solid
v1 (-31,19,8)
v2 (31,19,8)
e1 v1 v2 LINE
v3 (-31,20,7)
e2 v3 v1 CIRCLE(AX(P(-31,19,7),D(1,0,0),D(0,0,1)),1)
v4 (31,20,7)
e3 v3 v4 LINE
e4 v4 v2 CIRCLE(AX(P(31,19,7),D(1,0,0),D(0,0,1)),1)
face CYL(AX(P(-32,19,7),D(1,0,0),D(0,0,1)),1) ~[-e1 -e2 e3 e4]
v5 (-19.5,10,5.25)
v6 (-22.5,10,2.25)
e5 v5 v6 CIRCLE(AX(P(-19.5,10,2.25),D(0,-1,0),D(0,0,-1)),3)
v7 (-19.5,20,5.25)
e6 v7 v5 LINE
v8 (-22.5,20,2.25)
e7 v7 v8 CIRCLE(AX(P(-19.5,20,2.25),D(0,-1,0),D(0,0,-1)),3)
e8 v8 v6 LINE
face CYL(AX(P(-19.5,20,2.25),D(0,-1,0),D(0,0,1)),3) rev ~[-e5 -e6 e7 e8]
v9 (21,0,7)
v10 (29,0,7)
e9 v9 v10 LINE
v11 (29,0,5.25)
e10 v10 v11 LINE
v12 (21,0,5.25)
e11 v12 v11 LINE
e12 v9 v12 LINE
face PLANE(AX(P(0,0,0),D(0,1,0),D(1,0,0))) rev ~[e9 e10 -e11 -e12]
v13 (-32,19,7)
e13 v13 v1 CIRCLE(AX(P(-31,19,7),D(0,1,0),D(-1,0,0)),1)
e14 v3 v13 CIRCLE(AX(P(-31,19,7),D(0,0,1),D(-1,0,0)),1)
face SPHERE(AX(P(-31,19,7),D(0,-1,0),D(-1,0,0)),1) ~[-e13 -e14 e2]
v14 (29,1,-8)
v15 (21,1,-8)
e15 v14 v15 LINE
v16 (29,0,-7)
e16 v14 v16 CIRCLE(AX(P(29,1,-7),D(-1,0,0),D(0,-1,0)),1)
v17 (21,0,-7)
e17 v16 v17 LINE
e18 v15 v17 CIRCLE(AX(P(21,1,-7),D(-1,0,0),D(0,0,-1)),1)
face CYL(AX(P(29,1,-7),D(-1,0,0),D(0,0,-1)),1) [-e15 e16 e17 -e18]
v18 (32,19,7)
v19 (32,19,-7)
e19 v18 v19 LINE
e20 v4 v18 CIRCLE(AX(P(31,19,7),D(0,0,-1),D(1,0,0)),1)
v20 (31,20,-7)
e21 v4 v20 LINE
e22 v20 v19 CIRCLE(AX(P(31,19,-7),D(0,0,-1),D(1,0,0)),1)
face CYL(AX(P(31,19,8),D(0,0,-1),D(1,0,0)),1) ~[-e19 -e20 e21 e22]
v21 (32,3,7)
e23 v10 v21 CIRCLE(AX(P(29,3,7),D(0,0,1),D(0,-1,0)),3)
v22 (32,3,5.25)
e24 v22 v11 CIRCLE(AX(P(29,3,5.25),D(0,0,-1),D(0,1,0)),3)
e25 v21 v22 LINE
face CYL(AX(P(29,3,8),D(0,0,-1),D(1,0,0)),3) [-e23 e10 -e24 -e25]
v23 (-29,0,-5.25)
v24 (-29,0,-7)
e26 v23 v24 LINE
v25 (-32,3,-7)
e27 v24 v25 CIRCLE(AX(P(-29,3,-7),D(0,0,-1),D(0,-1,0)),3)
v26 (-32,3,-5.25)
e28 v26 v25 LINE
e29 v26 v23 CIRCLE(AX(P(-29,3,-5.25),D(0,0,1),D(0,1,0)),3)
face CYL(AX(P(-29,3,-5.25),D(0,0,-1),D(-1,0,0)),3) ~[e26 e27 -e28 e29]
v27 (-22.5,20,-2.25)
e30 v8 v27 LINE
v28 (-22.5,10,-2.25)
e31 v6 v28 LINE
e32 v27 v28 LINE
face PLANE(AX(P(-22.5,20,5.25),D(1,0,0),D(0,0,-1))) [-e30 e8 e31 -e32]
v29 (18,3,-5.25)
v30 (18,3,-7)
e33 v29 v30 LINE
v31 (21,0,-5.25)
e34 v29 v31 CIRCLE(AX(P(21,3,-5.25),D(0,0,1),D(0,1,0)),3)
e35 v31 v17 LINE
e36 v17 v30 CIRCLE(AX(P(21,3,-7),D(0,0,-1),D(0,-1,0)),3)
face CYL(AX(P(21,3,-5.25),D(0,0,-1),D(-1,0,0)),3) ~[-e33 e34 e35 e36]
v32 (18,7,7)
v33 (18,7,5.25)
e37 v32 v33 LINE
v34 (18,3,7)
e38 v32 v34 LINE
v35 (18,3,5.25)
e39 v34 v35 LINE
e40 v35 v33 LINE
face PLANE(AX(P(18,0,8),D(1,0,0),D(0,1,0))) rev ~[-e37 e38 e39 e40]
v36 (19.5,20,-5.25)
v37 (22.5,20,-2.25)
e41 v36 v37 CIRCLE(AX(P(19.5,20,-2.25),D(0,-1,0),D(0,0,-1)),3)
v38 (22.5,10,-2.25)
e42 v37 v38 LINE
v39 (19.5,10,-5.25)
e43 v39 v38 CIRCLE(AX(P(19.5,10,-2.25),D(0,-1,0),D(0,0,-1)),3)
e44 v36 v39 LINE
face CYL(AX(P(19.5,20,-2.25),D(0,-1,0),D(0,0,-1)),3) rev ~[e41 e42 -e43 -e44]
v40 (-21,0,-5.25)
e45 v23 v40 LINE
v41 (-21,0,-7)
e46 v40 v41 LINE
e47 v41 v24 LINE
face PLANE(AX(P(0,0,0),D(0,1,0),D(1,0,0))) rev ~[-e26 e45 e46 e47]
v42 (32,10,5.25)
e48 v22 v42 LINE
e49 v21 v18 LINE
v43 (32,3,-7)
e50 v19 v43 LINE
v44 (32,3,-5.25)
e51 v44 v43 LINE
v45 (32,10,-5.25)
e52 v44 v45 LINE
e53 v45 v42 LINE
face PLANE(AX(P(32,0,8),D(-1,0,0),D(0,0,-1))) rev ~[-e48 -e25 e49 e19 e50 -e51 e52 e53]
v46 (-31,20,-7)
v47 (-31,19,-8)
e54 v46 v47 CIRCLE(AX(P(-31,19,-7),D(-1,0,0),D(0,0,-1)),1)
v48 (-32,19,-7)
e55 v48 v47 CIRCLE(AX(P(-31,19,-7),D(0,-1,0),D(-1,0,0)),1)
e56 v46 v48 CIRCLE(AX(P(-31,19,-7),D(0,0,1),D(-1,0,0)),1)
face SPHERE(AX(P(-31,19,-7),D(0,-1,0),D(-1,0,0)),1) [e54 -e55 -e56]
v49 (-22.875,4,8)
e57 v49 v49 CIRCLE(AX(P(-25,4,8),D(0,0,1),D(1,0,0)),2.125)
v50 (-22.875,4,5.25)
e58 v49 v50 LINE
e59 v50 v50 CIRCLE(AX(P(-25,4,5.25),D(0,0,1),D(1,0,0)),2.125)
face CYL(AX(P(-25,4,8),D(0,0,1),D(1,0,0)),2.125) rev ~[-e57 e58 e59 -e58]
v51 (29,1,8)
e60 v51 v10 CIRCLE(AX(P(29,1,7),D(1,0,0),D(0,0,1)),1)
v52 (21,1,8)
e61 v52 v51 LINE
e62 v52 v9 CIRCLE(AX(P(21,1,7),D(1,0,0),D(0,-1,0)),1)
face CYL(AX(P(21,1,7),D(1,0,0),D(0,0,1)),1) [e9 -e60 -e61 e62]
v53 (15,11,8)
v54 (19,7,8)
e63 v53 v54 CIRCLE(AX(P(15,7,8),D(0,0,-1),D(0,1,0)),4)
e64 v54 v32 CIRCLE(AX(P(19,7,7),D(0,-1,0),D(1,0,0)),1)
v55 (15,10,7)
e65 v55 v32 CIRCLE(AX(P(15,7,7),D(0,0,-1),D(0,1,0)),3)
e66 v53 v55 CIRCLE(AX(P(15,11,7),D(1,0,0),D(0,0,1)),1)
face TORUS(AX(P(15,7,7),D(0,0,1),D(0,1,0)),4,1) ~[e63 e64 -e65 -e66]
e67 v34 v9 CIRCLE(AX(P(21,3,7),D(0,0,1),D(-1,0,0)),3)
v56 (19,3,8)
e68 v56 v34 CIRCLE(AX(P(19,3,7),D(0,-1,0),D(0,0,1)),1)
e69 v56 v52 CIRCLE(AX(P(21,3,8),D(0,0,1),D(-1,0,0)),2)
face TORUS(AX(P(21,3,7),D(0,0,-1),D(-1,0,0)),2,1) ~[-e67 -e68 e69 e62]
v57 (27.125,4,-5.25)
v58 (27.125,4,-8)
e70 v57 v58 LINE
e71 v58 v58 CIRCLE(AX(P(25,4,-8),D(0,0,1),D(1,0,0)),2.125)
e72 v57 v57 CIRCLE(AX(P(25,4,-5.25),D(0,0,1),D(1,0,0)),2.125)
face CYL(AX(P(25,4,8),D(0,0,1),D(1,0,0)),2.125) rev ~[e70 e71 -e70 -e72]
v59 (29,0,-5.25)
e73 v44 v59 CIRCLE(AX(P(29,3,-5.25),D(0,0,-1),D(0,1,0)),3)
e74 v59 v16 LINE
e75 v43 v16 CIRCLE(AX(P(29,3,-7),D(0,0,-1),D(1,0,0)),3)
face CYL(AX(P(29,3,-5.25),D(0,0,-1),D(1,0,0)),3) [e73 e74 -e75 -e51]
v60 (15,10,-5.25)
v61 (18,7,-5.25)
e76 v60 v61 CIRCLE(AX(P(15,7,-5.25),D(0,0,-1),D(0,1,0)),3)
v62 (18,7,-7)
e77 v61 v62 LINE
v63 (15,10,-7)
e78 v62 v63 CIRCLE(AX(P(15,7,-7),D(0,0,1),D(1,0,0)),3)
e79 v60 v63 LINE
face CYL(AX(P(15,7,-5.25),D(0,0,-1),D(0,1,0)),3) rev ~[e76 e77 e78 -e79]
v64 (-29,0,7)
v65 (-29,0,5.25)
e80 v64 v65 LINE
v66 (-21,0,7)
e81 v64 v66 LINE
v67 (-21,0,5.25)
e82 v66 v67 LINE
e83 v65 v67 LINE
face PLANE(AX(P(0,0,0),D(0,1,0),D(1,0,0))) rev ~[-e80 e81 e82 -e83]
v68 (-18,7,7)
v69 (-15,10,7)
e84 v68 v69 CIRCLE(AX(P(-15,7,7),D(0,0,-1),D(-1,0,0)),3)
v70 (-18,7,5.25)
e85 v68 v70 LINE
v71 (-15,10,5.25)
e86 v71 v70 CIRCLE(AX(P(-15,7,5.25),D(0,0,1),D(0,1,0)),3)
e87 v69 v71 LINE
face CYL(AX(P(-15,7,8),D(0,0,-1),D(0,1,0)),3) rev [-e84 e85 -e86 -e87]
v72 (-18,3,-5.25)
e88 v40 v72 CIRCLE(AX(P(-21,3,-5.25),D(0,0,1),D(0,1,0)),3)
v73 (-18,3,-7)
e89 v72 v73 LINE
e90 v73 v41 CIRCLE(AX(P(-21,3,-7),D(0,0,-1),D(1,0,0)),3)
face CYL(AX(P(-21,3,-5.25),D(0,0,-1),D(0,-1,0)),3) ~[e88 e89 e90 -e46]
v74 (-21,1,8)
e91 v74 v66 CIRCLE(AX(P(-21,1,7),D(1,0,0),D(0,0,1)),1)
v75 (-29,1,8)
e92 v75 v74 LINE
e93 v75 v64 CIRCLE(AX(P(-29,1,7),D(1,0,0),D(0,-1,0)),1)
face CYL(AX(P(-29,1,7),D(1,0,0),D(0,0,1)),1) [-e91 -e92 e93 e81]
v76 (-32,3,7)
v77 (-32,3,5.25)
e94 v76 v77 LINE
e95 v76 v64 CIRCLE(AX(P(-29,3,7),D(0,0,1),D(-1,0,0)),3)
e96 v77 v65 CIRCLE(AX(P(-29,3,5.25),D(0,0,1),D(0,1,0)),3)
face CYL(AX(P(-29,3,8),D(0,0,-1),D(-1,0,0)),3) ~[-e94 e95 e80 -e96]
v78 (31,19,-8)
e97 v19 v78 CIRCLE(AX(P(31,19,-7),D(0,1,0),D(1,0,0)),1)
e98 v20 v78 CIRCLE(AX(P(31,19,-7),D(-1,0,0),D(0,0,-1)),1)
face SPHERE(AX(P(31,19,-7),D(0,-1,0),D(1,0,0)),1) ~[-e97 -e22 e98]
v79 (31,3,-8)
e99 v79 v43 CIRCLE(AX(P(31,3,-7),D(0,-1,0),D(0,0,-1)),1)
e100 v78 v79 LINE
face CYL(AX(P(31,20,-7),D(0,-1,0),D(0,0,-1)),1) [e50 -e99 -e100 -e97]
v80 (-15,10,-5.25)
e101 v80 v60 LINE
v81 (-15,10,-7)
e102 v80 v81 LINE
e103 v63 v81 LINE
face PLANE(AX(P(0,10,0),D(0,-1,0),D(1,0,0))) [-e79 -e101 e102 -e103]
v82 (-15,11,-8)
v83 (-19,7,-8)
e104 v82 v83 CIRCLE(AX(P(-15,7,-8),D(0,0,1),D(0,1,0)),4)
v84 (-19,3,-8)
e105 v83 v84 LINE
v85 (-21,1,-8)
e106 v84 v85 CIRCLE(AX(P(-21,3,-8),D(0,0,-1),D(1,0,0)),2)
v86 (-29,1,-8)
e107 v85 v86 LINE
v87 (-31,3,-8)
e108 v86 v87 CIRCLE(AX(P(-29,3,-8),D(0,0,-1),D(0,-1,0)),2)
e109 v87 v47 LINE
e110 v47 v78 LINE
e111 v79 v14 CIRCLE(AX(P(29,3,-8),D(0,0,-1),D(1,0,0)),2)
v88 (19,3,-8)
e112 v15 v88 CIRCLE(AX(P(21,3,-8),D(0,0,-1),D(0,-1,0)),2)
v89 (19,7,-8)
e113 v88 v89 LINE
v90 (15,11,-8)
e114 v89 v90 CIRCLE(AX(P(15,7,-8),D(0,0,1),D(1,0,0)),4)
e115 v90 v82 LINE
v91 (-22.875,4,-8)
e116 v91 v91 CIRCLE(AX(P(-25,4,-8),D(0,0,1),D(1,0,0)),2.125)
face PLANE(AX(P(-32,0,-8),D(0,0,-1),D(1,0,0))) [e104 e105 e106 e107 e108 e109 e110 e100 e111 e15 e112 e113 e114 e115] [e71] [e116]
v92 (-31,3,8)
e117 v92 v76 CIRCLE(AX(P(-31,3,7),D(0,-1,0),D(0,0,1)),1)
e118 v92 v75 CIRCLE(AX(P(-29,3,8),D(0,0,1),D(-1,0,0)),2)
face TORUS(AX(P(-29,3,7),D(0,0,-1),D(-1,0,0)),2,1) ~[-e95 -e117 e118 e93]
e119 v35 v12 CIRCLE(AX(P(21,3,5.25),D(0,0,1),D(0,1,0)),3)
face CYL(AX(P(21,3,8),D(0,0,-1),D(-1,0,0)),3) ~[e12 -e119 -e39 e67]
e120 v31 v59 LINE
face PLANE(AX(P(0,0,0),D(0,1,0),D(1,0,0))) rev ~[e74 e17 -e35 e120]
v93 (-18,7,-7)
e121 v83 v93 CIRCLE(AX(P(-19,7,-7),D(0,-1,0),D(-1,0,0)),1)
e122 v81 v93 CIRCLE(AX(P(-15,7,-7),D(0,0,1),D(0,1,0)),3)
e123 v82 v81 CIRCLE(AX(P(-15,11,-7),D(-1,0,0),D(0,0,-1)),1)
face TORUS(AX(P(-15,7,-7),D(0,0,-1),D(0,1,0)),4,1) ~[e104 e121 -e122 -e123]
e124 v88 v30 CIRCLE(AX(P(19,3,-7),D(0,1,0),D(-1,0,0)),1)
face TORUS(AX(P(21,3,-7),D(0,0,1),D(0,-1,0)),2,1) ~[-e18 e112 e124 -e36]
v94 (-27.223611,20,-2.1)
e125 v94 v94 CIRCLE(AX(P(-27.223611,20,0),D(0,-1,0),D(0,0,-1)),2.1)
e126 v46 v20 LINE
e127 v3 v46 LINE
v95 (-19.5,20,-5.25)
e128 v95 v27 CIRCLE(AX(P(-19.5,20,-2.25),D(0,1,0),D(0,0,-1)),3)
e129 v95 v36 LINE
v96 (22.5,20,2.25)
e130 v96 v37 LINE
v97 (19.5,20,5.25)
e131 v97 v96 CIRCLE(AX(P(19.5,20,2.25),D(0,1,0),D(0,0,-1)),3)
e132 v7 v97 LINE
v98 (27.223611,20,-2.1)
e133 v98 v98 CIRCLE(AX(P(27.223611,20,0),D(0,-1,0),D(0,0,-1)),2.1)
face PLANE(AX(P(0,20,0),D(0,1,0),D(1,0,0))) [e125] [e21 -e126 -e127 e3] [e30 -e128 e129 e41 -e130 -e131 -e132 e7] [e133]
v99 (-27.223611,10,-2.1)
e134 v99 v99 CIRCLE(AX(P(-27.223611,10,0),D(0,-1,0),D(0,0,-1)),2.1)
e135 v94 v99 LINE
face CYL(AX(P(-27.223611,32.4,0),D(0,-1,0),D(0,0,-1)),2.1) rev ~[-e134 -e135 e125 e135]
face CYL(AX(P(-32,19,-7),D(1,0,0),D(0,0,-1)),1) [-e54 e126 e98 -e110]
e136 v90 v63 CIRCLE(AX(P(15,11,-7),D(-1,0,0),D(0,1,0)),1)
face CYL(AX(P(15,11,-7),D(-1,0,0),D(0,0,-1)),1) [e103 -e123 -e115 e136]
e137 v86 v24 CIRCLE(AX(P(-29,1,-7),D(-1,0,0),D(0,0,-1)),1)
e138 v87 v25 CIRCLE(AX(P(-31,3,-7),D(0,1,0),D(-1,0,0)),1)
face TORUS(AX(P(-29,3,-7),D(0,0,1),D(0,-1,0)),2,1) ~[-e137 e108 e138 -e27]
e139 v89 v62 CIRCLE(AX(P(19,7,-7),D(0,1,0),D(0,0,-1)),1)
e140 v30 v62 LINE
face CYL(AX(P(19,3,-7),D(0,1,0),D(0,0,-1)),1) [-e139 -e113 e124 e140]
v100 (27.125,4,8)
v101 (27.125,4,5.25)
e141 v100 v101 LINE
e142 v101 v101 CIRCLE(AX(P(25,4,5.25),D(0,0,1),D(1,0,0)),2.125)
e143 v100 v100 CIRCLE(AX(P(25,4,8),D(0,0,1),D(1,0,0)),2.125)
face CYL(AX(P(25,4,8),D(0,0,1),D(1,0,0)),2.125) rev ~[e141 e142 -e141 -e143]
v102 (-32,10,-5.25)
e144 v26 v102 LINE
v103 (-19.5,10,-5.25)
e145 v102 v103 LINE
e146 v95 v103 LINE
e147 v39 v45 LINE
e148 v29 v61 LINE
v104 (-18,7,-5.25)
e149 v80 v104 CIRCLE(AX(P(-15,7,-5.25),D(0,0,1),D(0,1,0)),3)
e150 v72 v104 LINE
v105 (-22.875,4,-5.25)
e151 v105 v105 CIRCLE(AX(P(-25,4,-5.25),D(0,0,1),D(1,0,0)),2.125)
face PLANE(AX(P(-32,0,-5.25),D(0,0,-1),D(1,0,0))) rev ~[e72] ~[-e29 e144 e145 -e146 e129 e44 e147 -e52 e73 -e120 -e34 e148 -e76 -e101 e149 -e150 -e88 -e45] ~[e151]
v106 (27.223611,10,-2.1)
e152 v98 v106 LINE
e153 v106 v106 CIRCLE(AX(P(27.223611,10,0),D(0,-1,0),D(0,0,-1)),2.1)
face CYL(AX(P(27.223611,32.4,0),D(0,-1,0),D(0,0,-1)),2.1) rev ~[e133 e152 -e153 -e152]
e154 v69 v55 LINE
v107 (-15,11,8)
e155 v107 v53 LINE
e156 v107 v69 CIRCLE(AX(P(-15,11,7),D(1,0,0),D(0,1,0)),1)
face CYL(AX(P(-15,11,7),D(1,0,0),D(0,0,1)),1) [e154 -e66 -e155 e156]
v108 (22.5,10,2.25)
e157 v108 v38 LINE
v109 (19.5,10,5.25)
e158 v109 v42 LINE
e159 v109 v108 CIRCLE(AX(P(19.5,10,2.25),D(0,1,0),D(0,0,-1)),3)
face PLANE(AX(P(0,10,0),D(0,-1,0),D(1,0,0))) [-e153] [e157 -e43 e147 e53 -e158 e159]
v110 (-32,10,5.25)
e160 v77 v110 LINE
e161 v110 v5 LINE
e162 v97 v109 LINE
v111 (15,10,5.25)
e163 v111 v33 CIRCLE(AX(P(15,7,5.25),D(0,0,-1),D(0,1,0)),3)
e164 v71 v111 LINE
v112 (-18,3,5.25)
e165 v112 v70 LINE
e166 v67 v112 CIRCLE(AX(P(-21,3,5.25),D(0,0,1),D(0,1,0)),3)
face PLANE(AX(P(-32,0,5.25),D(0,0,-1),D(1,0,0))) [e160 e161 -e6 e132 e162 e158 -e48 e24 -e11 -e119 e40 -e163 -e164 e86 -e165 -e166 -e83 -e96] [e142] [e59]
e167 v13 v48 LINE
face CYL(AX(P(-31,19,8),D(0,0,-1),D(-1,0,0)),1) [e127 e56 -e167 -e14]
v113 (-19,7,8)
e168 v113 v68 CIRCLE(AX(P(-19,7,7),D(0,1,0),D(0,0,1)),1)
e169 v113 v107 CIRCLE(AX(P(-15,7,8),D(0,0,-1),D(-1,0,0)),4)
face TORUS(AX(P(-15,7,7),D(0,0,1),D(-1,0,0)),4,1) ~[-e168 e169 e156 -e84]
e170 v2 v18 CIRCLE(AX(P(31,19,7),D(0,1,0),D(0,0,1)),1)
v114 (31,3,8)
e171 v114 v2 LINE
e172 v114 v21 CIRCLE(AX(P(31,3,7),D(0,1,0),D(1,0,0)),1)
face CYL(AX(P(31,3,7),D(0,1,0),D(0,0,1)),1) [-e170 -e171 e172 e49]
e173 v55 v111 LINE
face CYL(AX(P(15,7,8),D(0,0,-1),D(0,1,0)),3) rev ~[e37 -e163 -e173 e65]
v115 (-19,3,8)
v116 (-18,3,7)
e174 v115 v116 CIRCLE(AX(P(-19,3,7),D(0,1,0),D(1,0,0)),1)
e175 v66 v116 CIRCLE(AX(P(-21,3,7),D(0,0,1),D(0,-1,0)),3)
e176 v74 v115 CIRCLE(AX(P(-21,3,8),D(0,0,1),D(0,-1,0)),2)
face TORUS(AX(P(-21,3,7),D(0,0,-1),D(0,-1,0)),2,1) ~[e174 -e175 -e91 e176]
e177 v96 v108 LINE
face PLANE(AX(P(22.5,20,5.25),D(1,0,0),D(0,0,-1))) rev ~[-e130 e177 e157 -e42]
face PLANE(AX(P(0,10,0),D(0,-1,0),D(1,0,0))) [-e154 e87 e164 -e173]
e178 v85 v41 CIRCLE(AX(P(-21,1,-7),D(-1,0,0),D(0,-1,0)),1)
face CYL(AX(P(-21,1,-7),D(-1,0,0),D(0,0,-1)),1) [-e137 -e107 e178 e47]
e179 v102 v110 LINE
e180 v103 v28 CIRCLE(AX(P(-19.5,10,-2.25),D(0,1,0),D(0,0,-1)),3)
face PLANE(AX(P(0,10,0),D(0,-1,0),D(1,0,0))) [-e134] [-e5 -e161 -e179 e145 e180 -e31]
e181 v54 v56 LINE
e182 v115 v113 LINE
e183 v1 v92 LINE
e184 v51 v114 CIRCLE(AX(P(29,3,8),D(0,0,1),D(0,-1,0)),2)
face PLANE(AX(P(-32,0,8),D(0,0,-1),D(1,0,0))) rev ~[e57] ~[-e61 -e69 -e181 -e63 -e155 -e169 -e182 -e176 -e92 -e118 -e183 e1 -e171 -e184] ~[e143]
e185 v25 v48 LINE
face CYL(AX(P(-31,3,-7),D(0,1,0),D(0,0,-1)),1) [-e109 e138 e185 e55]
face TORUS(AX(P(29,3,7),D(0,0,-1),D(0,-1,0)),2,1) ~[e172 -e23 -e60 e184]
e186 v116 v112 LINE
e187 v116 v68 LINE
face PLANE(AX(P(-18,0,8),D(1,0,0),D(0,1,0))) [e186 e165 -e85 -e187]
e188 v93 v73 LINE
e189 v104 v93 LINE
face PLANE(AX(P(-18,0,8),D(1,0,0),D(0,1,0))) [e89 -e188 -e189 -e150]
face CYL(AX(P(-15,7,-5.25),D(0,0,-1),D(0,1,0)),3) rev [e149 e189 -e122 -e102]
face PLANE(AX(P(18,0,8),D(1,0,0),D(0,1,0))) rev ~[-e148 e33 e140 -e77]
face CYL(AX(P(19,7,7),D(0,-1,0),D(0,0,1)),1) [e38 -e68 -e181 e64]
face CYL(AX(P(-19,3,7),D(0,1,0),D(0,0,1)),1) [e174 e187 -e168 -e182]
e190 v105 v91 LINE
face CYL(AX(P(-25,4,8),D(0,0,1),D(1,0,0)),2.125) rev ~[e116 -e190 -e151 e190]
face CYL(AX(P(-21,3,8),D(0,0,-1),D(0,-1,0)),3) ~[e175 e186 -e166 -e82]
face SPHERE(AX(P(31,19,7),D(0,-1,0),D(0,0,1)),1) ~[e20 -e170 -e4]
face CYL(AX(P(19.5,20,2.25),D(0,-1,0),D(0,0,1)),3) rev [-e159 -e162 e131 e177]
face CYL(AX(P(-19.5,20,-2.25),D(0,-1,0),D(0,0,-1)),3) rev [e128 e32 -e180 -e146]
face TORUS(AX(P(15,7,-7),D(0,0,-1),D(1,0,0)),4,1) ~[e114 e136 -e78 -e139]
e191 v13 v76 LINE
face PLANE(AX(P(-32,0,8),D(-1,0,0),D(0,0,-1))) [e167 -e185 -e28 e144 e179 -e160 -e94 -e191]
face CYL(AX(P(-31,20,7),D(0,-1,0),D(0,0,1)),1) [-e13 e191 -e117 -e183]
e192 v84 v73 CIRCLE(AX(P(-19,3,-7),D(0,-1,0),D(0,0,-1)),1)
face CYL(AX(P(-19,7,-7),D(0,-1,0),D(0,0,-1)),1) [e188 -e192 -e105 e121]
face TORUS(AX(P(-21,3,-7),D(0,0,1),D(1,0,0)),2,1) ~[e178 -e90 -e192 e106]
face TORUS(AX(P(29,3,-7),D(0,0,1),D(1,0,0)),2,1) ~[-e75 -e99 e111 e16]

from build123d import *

# Parameters (mm, degrees)
SKETCH_1_W             = 64
SKETCH_1_H             = 16
EXTRUDE_1_DEPTH        = 20
SKETCH_3_R             = 2.125
CUT_EXTRUDE_1_DEPTH    = 28
SKETCH_4_W             = 36
SKETCH_4_H             = 10
CUT_EXTRUDE_2_DEPTH    = 20
SKETCH_5_W             = 64
SKETCH_5_H             = 10.5
CUT_EXTRUDE_3_DEPTH    = 10
HOLE_WIZARD_M5_1_D     = 4.2
HOLE_WIZARD_M5_1_DEPTH = 12.4
HOLE_WIZARD_M5_1_TIP   = 1.2618073
FILLET_1_R             = 3
FILLET_2_R             = 3
SKETCH_7_W             = 45
SKETCH_7_H             = 10.5
CUT_EXTRUDE_4_DEPTH    = 10
FILLET_3_R             = 3
FILLET_4_R             = 1


with BuildPart() as part:
    # 草图1 → 凸台-拉伸1 (new body)
    with BuildSketch(Plane(origin=(0, 0, 0), x_dir=(1, 0, 0), z_dir=(0, 1, 0))):
        Rectangle(SKETCH_1_W, SKETCH_1_H)
    extrude(amount=EXTRUDE_1_DEPTH)

    # 草图3 → 切除-拉伸1 (cut)
    with BuildSketch(Plane.XY.offset(8)):
        with Locations((-25, 4)):
            Circle(SKETCH_3_R)
        with Locations((25, 4)):
            Circle(SKETCH_3_R)
    extrude(amount=-CUT_EXTRUDE_1_DEPTH, mode=Mode.SUBTRACT)

    # 草图4 → 切除-拉伸2 (cut)
    with BuildSketch(Plane.XY.offset(8)):
        with Locations((0, 5)):
            Rectangle(SKETCH_4_W, SKETCH_4_H)
    extrude(amount=-CUT_EXTRUDE_2_DEPTH, mode=Mode.SUBTRACT)

    # 草图5 → 切除-拉伸3 (cut)
    with BuildSketch(Plane.XZ):
        Rectangle(SKETCH_5_W, SKETCH_5_H)
    extrude(amount=-CUT_EXTRUDE_3_DEPTH, mode=Mode.SUBTRACT)

    # M5 螺纹孔1
    with Locations(Plane(origin=(27.223611076, 20, 0), x_dir=(0, 0, 1), z_dir=(0, 1, 0))):
        with Locations((0, 0), (0, -54.447222152)):
            Hole(HOLE_WIZARD_M5_1_D / 2, depth=HOLE_WIZARD_M5_1_DEPTH)
            with Locations((0, 0, -(HOLE_WIZARD_M5_1_DEPTH + HOLE_WIZARD_M5_1_TIP / 2))):  # 118° drill point
                Cone(0, HOLE_WIZARD_M5_1_D / 2, HOLE_WIZARD_M5_1_TIP, mode=Mode.SUBTRACT)

    # 圆角1
    fillet_1_edges = [part.edges().sort_by_distance(p)[0] for p in [
        (-18, 0, -6.625),
        (18, 0, 6.625),
        (-18, 0, 6.625),
        (18, 0, -6.625),
        (-32, 0, 6.625),
        (-32, 0, -6.625),
        (32, 0, -6.625),
        (32, 0, 6.625),
    ]]
    fillet(fillet_1_edges, radius=FILLET_1_R)

    # 圆角2
    fillet_2_edges = [part.edges().sort_by_distance(p)[0] for p in [
        (-18, 10, -6.625),
        (18, 10, -6.625),
        (-18, 10, 6.625),
        (18, 10, 6.625),
    ]]
    fillet(fillet_2_edges, radius=FILLET_2_R)

    # 草图7 → 切除-拉伸4 (cut)
    with BuildSketch(Plane(origin=(0, 20, 0), x_dir=(1, 0, 0), z_dir=(0, 1, 0))):
        Rectangle(SKETCH_7_W, SKETCH_7_H)
    extrude(amount=-CUT_EXTRUDE_4_DEPTH, mode=Mode.SUBTRACT)

    # 圆角3
    fillet_3_edges = [part.edges().sort_by_distance(p)[0] for p in [
        (22.5, 15, -5.25),
        (22.5, 15, 5.25),
        (-22.5, 15, 5.25),
        (-22.5, 15, -5.25),
    ]]
    fillet(fillet_3_edges, radius=FILLET_3_R)

    # 圆角4
    fillet_4_edges = [part.edges().sort_by_distance(p)[0] for p in [
        (31.121320344, 0.878679656, -8),
        (25, 0, 8),
        (18, 5, 8),
        (-25, 0, 8),
        (-18.878679656, 0.878679656, 8),
        (-31.121320344, 0.878679656, 8),
        (18.878679656, 0.878679656, 8),
        (31.121320344, 0.878679656, 8),
        (-32, 20, 0),
        (0, 10, -8),
        (0, 10, 8),
        (-18, 5, -8),
        (-18, 5, 8),
        (17.121320344, 9.121320344, -8),
        (17.121320344, 9.121320344, 8),
        (-17.121320344, 9.121320344, -8),
        (-17.121320344, 9.121320344, 8),
        (0, 20, 8),
        (32, 20, 0),
        (32, 11.5, 8),
        (-32, 11.5, 8),
        (-32, 11.5, -8),
        (32, 11.5, -8),
        (0, 20, -8),
        (25, 0, -8),
        (18, 5, -8),
        (-25, 0, -8),
        (-31.121320344, 0.878679656, -8),
        (-18.878679656, 0.878679656, -8),
        (18.878679656, 0.878679656, -8),
    ]]
    fillet(fillet_4_edges, radius=FILLET_4_R)


solid = part.part
